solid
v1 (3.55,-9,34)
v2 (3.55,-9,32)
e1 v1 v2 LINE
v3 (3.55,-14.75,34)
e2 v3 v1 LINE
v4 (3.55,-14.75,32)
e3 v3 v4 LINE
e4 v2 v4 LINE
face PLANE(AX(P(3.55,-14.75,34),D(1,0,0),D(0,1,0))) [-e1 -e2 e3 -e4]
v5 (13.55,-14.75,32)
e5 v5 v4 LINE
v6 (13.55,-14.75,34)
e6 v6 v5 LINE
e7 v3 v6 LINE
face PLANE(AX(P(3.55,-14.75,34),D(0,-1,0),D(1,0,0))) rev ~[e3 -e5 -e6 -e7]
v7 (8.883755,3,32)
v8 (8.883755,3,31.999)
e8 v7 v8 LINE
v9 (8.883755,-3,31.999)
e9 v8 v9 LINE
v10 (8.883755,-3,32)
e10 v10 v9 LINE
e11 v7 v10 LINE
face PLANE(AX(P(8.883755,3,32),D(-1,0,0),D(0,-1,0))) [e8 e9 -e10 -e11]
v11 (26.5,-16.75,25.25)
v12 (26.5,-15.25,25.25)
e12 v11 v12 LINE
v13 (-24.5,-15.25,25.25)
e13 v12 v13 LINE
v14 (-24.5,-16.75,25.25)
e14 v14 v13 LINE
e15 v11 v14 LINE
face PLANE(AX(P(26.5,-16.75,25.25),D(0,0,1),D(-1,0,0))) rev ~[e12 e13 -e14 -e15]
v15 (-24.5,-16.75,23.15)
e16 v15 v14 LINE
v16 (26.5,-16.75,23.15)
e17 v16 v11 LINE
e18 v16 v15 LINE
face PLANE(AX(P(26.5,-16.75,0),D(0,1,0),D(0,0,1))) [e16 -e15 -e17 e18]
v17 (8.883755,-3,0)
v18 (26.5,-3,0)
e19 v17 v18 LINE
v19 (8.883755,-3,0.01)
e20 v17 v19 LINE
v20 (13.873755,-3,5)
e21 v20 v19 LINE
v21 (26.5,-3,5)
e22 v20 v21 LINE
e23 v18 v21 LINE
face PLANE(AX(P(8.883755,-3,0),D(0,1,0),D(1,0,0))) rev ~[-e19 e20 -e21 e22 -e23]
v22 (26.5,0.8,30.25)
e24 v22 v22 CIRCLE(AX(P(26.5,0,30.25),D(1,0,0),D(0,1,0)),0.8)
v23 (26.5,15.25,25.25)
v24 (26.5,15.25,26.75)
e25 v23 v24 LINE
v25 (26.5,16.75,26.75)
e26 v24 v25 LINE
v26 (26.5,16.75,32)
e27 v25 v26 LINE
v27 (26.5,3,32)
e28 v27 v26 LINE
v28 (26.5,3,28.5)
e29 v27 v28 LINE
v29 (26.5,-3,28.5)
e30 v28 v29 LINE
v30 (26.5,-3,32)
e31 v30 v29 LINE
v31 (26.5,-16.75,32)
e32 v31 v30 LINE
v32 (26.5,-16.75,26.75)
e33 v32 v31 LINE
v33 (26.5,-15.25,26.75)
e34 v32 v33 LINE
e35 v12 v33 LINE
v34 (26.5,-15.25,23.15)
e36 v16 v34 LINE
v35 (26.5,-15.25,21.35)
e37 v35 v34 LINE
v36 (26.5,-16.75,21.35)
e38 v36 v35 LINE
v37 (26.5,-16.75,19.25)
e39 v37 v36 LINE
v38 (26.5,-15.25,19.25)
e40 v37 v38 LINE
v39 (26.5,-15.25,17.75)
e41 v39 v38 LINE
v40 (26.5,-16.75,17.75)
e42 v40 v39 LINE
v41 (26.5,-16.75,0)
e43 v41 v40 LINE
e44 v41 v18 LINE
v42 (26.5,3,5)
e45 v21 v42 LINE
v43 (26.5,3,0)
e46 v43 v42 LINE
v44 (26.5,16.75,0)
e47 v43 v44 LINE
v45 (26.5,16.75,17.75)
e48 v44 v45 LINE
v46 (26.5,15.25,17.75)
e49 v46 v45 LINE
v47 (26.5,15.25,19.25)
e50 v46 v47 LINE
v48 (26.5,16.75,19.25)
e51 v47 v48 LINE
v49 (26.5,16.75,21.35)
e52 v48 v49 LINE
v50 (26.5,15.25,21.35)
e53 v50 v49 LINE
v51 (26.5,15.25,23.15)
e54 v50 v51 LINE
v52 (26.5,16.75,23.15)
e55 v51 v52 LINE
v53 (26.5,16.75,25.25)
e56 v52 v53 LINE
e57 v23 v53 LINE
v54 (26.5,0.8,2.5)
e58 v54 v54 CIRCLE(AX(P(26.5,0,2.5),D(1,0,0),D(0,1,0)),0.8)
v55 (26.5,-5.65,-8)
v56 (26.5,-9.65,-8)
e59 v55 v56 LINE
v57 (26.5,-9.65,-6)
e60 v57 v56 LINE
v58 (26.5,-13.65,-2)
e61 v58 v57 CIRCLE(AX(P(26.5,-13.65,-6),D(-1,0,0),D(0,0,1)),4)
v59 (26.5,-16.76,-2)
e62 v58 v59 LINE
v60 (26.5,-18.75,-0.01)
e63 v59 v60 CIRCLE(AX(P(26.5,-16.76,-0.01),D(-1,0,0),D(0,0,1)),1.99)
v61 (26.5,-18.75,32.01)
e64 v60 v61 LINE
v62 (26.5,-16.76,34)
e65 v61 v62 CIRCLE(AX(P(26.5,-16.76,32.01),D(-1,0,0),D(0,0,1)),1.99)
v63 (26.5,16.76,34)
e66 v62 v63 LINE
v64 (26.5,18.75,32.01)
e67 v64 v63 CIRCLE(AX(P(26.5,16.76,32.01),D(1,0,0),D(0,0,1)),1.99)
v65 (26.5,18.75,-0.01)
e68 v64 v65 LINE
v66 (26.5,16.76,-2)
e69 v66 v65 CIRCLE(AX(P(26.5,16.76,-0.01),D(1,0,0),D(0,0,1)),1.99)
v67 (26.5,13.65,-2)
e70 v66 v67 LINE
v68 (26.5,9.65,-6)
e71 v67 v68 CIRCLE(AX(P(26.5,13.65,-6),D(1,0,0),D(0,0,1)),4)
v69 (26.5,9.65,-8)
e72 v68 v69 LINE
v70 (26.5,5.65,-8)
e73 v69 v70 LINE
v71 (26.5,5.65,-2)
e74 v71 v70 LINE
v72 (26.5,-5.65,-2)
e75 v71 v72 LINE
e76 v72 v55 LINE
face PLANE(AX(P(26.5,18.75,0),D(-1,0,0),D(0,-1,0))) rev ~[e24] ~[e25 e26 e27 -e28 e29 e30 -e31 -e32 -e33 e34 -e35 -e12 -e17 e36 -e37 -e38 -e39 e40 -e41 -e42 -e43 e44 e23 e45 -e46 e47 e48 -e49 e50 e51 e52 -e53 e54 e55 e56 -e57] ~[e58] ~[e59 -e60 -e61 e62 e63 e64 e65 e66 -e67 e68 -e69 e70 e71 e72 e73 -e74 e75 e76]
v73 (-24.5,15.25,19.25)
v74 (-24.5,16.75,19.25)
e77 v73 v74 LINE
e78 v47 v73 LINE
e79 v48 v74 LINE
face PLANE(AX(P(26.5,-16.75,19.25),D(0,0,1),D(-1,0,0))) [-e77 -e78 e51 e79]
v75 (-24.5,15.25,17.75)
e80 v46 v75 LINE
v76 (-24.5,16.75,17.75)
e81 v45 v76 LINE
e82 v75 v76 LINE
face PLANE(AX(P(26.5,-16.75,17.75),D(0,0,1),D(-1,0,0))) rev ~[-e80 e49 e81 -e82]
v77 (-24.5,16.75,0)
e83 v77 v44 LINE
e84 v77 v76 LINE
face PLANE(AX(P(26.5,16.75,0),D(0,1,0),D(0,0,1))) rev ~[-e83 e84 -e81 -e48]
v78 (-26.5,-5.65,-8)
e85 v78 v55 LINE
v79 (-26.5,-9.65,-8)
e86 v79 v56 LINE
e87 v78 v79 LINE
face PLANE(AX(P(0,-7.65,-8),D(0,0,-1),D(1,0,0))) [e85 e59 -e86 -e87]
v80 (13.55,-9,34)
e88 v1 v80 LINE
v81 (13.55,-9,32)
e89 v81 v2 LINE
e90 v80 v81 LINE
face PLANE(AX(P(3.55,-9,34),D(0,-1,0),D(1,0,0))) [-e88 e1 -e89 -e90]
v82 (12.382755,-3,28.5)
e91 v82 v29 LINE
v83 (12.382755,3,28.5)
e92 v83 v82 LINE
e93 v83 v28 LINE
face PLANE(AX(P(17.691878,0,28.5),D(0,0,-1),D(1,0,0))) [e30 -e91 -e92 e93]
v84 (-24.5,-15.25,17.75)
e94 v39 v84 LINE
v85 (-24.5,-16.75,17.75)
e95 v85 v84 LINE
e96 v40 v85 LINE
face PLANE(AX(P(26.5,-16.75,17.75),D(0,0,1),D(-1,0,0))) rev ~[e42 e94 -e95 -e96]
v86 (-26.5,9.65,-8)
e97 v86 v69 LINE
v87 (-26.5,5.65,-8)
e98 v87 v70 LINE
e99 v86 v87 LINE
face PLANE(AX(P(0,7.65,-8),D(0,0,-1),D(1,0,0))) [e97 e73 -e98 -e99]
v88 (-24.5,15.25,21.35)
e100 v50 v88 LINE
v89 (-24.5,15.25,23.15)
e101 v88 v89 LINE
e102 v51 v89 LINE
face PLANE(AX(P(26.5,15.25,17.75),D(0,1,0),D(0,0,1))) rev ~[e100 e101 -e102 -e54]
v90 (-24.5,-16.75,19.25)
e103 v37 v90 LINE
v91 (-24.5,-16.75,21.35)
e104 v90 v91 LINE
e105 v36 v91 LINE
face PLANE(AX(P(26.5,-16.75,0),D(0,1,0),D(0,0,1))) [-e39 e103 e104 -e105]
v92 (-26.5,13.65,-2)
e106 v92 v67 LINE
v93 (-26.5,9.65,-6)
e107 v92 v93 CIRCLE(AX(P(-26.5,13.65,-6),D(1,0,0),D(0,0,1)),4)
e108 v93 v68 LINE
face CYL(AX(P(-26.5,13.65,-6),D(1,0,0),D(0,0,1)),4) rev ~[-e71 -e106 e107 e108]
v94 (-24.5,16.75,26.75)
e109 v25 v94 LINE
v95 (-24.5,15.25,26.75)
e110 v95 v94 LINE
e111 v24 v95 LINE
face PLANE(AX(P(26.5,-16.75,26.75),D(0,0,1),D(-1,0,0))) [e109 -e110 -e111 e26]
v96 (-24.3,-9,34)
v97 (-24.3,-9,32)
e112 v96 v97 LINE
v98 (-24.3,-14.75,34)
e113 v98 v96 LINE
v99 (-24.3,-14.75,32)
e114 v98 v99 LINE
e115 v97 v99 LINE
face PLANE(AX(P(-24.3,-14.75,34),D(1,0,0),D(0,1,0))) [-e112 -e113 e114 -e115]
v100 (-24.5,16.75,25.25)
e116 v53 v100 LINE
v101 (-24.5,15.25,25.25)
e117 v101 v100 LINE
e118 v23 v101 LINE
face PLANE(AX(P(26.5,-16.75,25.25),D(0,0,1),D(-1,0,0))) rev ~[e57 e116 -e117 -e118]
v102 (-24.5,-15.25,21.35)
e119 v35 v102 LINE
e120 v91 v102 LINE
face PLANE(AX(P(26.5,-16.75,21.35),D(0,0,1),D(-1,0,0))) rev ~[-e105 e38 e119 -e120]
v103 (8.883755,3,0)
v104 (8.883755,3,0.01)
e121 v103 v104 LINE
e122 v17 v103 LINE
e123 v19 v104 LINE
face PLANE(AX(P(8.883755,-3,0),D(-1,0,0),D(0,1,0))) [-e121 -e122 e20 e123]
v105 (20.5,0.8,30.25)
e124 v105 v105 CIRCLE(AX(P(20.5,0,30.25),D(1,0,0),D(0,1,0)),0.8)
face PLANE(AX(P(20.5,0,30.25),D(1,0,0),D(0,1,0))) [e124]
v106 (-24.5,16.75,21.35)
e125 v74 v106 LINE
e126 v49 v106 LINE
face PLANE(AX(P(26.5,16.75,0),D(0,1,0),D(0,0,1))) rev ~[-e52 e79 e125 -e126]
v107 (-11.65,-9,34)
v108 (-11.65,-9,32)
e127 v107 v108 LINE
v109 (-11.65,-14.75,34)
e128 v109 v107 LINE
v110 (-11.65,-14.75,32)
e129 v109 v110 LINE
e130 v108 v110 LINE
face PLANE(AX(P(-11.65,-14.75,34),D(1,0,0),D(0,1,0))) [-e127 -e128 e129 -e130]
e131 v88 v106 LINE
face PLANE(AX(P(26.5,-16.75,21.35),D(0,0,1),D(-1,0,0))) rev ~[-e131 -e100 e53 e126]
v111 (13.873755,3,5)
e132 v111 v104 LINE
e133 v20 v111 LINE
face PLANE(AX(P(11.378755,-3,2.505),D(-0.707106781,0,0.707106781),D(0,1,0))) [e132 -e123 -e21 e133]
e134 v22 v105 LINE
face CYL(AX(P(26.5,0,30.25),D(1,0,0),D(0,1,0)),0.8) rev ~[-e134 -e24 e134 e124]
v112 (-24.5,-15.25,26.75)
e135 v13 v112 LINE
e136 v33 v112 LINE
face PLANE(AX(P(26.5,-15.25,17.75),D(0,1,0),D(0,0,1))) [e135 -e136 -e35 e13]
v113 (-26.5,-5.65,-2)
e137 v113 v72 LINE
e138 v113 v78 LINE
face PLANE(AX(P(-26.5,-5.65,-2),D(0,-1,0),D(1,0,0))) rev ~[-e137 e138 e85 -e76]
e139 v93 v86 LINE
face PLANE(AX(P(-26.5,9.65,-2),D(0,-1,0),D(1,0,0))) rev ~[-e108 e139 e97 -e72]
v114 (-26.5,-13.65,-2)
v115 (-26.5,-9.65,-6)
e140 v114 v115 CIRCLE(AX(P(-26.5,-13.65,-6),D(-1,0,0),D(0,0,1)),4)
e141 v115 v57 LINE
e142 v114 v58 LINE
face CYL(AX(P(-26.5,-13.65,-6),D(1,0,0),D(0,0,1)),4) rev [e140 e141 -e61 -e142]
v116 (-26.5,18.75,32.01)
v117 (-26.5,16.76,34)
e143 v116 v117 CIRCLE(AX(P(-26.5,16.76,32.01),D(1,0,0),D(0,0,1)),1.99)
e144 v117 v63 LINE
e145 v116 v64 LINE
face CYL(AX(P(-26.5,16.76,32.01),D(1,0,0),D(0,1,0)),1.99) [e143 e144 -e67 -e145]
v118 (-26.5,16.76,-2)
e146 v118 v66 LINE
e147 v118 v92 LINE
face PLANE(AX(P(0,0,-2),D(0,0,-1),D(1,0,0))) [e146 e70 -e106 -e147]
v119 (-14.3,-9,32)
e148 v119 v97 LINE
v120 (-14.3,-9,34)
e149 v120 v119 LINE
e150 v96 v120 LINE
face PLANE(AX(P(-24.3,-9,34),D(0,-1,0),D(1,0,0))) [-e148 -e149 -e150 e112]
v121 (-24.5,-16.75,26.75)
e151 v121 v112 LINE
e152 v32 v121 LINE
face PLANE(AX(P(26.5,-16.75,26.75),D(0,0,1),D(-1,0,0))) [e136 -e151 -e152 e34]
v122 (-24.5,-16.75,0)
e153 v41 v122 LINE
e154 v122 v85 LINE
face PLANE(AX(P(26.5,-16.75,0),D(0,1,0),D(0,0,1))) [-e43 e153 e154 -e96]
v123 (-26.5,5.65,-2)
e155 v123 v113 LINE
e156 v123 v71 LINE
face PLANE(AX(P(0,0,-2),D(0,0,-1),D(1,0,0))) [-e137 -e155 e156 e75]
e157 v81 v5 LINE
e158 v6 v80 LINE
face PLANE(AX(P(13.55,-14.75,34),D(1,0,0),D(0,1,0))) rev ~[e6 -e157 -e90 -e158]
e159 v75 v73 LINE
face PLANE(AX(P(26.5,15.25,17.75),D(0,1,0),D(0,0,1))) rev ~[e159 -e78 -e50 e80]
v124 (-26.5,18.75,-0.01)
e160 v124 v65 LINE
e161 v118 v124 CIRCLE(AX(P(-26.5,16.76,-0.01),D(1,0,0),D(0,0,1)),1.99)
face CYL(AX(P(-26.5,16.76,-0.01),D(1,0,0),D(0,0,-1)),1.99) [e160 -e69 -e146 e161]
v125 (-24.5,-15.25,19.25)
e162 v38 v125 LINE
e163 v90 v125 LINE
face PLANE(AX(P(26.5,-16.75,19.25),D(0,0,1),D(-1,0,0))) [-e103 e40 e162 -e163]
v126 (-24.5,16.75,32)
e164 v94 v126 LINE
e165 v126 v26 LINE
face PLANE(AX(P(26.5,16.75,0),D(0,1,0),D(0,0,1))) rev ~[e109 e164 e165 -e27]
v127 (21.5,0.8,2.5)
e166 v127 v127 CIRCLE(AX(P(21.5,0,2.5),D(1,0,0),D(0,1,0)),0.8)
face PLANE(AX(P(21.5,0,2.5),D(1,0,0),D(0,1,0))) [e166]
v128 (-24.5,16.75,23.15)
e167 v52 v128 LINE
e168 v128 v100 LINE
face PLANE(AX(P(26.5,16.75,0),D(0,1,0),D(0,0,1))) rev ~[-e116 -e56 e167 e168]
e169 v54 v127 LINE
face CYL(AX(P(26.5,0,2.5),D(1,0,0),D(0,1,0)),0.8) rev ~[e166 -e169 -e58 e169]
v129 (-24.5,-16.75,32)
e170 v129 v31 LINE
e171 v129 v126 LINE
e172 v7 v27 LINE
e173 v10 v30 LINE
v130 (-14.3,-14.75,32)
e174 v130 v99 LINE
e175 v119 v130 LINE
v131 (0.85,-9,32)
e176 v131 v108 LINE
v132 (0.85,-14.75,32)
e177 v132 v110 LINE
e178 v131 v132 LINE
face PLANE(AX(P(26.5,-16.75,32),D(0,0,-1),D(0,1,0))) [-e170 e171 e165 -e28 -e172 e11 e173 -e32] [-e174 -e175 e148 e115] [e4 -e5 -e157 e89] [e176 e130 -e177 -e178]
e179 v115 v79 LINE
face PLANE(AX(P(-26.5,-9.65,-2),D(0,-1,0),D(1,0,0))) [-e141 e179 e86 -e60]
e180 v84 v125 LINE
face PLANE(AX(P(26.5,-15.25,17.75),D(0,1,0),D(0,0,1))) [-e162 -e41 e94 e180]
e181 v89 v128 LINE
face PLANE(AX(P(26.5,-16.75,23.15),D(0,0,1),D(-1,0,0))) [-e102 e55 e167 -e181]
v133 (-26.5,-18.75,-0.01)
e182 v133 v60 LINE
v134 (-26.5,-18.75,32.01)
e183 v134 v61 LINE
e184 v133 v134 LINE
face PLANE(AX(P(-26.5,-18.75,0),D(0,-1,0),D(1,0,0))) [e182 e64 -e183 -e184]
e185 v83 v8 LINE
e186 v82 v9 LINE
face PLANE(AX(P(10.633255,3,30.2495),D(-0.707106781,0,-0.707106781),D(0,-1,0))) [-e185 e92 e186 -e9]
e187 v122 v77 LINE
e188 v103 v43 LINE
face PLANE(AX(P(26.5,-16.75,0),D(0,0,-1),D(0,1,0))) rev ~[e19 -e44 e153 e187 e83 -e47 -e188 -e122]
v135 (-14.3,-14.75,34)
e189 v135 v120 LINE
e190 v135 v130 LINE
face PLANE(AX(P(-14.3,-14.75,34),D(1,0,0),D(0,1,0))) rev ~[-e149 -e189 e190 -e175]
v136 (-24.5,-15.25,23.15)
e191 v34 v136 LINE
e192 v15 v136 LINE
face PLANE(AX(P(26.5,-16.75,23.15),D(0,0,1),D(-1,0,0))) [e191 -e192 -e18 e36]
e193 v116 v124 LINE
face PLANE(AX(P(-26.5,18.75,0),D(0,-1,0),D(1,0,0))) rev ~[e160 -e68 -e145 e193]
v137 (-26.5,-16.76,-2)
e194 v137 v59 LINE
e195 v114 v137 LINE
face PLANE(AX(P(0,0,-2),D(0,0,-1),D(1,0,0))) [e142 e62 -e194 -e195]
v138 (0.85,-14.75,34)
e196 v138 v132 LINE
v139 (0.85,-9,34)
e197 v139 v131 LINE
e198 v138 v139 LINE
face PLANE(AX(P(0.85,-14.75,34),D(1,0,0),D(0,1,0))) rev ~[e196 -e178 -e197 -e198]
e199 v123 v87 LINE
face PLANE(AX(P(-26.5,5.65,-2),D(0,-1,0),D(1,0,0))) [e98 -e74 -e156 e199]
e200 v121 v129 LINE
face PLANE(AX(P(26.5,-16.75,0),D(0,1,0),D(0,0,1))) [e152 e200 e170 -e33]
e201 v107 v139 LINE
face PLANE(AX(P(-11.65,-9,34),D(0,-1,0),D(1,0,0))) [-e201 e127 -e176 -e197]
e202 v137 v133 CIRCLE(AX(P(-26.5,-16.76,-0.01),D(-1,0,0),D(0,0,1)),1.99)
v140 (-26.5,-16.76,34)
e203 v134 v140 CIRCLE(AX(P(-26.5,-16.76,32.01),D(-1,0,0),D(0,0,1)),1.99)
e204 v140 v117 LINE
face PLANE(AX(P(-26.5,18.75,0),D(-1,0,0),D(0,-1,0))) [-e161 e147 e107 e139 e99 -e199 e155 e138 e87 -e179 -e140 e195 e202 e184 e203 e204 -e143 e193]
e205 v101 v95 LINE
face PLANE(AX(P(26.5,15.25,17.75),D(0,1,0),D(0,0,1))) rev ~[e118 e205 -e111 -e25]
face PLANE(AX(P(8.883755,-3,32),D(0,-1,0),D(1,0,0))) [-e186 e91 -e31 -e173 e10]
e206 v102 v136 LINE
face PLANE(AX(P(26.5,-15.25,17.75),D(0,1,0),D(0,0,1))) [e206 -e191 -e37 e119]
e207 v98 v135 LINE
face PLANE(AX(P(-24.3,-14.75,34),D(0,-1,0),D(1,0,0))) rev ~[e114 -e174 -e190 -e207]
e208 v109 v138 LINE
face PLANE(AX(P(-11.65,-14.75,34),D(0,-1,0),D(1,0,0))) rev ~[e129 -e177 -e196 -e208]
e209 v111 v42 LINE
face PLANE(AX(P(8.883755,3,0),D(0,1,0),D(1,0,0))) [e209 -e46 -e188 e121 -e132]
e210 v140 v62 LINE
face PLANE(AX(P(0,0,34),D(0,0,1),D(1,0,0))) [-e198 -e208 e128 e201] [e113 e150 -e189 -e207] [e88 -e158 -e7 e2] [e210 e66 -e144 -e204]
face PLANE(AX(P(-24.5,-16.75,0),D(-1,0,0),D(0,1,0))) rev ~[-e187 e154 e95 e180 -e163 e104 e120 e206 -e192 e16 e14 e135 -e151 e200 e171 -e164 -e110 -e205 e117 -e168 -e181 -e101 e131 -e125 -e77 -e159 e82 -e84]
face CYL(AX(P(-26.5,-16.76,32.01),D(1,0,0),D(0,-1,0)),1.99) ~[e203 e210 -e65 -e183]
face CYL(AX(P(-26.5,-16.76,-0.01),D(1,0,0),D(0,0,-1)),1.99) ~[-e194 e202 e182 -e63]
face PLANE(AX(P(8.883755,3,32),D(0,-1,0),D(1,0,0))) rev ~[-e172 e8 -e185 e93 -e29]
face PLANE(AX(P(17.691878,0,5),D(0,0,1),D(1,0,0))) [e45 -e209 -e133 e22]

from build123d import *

# Parameters (mm, degrees)
SKETCH_W        = 53
SKETCH_H        = 37.5
SKETCH_W_2      = 49
SKETCH_H_2      = 33.5
PAD_DEPTH       = 32
SKETCH001_W     = 53
SKETCH001_H     = 37.5
PAD001_DEPTH    = 2
SKETCH002_W     = 53
SKETCH002_H     = 37.5
PAD002_DEPTH    = 2
SKETCH003_W     = 33.5
SKETCH003_H     = 32
POCKET_DEPTH    = 2
SKETCH004_W     = 10
SKETCH004_H     = 5.75
SKETCH004_W_2   = 12.5
POCKET001_DEPTH = 5
SKETCH005_W     = 51
SKETCH005_H     = 1.8
SKETCH005_H_2   = 1.5
PAD003_DEPTH    = 33.5
SKETCH006_W     = 30.5
SKETCH006_H     = 9
POCKET002_DEPTH = 51
SKETCH007_W     = 17.616245
SKETCH007_H     = 6
PAD004_DEPTH    = 5
SKETCH008_R     = 0.8
POCKET003_DEPTH = 5
SKETCH009_W     = 17.616245
SKETCH009_H     = 6
PAD005_DEPTH    = 3.5
SKETCH010_R     = 0.8
POCKET004_DEPTH = 6
CHAMFER_SIZE    = 3.499
CHAMFER001_SIZE = 4.99
FILLET_R        = 1.99
SKETCH011_W     = 53
SKETCH011_H     = 4
PAD006_DEPTH    = 6
FILLET001_R     = 4


with BuildPart() as part:
    # Sketch → Pad (new body)
    with BuildSketch(Plane.XY):
        Rectangle(SKETCH_W, SKETCH_H)
        Rectangle(SKETCH_W_2, SKETCH_H_2, mode=Mode.SUBTRACT)
    extrude(amount=PAD_DEPTH)

    # Sketch001 (on Face10 of Pad) → Pad001 (join)
    with BuildSketch(Plane.XY.offset(32)):
        Rectangle(SKETCH001_W, SKETCH001_H)
    extrude(amount=PAD001_DEPTH)

    # Sketch002 (on Face4 of Pad001) → Pad002 (join)
    with BuildSketch(Plane(origin=(0, 0, 0), x_dir=(1, 0, 0), z_dir=(0, 0, -1))):
        Rectangle(SKETCH002_W, SKETCH002_H)
    extrude(amount=PAD002_DEPTH)

    # Sketch003 (on Face3 of Pad002) → Pocket (cut)
    with BuildSketch(Plane.YZ.offset(26.5)):
        with Locations((0, 16)):
            Rectangle(SKETCH003_W, SKETCH003_H)
    extrude(amount=-POCKET_DEPTH, mode=Mode.SUBTRACT)

    # Sketch004 (on Face13 of Pocket) → Pocket001 (cut)
    with BuildSketch(Plane.XY.offset(34)):
        with Locations((-19.3, -11.875)):
            Rectangle(SKETCH004_W, SKETCH004_H)
        with Locations((-5.4, -11.875)):
            Rectangle(SKETCH004_W_2, SKETCH004_H)
        with Locations((8.55, -11.875)):
            Rectangle(SKETCH004_W, SKETCH004_H)
    extrude(amount=-POCKET001_DEPTH, mode=Mode.SUBTRACT)

    # Sketch005 (on Face36 of Pocket001) → Pad003 (join)
    with BuildSketch(Plane(origin=(0, -16.75, 0), x_dir=(-1, 0, 0), z_dir=(0, 1, 0))):
        with Locations((-1, 22.25)):
            Rectangle(SKETCH005_W, SKETCH005_H)
        with Locations((-1, 26)):
            Rectangle(SKETCH005_W, SKETCH005_H_2)
        with Locations((-1, 18.5)):
            Rectangle(SKETCH005_W, SKETCH005_H_2)
    extrude(amount=PAD003_DEPTH)

    # Sketch006 (on Face11 of Pad003) → Pocket002 (cut)
    with BuildSketch(Plane.YZ.offset(26.5)):
        with Locations((0, 22.25)):
            Rectangle(SKETCH006_W, SKETCH006_H)
    extrude(amount=-POCKET002_DEPTH, mode=Mode.SUBTRACT)

    # Sketch007 (on Face57 of Pocket002) → Pad004 (join)
    with BuildSketch(Plane.XY):
        with Locations((17.6918775, 0)):
            Rectangle(SKETCH007_W, SKETCH007_H)
    extrude(amount=PAD004_DEPTH)

    # Sketch008 (on Face24 of Pad004) → Pocket003 (cut)
    with BuildSketch(Plane.YZ.offset(26.5)):
        with Locations((0, 2.5)):
            Circle(SKETCH008_R)
    extrude(amount=-POCKET003_DEPTH, mode=Mode.SUBTRACT)

    # Sketch009 (on Face65 of Pocket003) → Pad005 (join)
    with BuildSketch(Plane(origin=(0, 0, 32), x_dir=(1, 0, 0), z_dir=(0, 0, -1))):
        with Locations((17.6918775, 0)):
            Rectangle(SKETCH009_W, SKETCH009_H)
    extrude(amount=PAD005_DEPTH)

    # Sketch010 (on Face41 of Pad005) → Pocket004 (cut)
    with BuildSketch(Plane.YZ.offset(26.5)):
        with Locations((0, 30.25)):
            Circle(SKETCH010_R)
    extrude(amount=-POCKET004_DEPTH, mode=Mode.SUBTRACT)

    # Chamfer
    chamfer_edges = [part.edges().sort_by_distance(p)[0] for p in [
        (8.883755, 0, 28.5),
    ]]
    chamfer(chamfer_edges, length=CHAMFER_SIZE)

    # Chamfer001
    chamfer001_edges = [part.edges().sort_by_distance(p)[0] for p in [
        (8.883755, 0, 5),
    ]]
    chamfer(chamfer001_edges, length=CHAMFER001_SIZE)

    # Fillet
    fillet_edges = [part.edges().sort_by_distance(p)[0] for p in [
        (0, -18.75, 34),
        (0, 18.75, 34),
        (0, 18.75, -2),
        (0, -18.75, -2),
    ]]
    fillet(fillet_edges, radius=FILLET_R)

    # Sketch011 (on Face5 of Fillet) → Pad006 (join)
    with BuildSketch(Plane(origin=(0, 0, -2), x_dir=(1, 0, 0), z_dir=(0, 0, -1))):
        with Locations((0, 7.65)):
            Rectangle(SKETCH011_W, SKETCH011_H)
        with Locations((0, -7.65)):
            Rectangle(SKETCH011_W, SKETCH011_H)
    extrude(amount=PAD006_DEPTH)

    # Fillet001
    fillet001_edges = [part.edges().sort_by_distance(p)[0] for p in [
        (0, 9.65, -2),
        (0, -9.65, -2),
    ]]
    fillet(fillet001_edges, radius=FILLET001_R)


solid = part.part
